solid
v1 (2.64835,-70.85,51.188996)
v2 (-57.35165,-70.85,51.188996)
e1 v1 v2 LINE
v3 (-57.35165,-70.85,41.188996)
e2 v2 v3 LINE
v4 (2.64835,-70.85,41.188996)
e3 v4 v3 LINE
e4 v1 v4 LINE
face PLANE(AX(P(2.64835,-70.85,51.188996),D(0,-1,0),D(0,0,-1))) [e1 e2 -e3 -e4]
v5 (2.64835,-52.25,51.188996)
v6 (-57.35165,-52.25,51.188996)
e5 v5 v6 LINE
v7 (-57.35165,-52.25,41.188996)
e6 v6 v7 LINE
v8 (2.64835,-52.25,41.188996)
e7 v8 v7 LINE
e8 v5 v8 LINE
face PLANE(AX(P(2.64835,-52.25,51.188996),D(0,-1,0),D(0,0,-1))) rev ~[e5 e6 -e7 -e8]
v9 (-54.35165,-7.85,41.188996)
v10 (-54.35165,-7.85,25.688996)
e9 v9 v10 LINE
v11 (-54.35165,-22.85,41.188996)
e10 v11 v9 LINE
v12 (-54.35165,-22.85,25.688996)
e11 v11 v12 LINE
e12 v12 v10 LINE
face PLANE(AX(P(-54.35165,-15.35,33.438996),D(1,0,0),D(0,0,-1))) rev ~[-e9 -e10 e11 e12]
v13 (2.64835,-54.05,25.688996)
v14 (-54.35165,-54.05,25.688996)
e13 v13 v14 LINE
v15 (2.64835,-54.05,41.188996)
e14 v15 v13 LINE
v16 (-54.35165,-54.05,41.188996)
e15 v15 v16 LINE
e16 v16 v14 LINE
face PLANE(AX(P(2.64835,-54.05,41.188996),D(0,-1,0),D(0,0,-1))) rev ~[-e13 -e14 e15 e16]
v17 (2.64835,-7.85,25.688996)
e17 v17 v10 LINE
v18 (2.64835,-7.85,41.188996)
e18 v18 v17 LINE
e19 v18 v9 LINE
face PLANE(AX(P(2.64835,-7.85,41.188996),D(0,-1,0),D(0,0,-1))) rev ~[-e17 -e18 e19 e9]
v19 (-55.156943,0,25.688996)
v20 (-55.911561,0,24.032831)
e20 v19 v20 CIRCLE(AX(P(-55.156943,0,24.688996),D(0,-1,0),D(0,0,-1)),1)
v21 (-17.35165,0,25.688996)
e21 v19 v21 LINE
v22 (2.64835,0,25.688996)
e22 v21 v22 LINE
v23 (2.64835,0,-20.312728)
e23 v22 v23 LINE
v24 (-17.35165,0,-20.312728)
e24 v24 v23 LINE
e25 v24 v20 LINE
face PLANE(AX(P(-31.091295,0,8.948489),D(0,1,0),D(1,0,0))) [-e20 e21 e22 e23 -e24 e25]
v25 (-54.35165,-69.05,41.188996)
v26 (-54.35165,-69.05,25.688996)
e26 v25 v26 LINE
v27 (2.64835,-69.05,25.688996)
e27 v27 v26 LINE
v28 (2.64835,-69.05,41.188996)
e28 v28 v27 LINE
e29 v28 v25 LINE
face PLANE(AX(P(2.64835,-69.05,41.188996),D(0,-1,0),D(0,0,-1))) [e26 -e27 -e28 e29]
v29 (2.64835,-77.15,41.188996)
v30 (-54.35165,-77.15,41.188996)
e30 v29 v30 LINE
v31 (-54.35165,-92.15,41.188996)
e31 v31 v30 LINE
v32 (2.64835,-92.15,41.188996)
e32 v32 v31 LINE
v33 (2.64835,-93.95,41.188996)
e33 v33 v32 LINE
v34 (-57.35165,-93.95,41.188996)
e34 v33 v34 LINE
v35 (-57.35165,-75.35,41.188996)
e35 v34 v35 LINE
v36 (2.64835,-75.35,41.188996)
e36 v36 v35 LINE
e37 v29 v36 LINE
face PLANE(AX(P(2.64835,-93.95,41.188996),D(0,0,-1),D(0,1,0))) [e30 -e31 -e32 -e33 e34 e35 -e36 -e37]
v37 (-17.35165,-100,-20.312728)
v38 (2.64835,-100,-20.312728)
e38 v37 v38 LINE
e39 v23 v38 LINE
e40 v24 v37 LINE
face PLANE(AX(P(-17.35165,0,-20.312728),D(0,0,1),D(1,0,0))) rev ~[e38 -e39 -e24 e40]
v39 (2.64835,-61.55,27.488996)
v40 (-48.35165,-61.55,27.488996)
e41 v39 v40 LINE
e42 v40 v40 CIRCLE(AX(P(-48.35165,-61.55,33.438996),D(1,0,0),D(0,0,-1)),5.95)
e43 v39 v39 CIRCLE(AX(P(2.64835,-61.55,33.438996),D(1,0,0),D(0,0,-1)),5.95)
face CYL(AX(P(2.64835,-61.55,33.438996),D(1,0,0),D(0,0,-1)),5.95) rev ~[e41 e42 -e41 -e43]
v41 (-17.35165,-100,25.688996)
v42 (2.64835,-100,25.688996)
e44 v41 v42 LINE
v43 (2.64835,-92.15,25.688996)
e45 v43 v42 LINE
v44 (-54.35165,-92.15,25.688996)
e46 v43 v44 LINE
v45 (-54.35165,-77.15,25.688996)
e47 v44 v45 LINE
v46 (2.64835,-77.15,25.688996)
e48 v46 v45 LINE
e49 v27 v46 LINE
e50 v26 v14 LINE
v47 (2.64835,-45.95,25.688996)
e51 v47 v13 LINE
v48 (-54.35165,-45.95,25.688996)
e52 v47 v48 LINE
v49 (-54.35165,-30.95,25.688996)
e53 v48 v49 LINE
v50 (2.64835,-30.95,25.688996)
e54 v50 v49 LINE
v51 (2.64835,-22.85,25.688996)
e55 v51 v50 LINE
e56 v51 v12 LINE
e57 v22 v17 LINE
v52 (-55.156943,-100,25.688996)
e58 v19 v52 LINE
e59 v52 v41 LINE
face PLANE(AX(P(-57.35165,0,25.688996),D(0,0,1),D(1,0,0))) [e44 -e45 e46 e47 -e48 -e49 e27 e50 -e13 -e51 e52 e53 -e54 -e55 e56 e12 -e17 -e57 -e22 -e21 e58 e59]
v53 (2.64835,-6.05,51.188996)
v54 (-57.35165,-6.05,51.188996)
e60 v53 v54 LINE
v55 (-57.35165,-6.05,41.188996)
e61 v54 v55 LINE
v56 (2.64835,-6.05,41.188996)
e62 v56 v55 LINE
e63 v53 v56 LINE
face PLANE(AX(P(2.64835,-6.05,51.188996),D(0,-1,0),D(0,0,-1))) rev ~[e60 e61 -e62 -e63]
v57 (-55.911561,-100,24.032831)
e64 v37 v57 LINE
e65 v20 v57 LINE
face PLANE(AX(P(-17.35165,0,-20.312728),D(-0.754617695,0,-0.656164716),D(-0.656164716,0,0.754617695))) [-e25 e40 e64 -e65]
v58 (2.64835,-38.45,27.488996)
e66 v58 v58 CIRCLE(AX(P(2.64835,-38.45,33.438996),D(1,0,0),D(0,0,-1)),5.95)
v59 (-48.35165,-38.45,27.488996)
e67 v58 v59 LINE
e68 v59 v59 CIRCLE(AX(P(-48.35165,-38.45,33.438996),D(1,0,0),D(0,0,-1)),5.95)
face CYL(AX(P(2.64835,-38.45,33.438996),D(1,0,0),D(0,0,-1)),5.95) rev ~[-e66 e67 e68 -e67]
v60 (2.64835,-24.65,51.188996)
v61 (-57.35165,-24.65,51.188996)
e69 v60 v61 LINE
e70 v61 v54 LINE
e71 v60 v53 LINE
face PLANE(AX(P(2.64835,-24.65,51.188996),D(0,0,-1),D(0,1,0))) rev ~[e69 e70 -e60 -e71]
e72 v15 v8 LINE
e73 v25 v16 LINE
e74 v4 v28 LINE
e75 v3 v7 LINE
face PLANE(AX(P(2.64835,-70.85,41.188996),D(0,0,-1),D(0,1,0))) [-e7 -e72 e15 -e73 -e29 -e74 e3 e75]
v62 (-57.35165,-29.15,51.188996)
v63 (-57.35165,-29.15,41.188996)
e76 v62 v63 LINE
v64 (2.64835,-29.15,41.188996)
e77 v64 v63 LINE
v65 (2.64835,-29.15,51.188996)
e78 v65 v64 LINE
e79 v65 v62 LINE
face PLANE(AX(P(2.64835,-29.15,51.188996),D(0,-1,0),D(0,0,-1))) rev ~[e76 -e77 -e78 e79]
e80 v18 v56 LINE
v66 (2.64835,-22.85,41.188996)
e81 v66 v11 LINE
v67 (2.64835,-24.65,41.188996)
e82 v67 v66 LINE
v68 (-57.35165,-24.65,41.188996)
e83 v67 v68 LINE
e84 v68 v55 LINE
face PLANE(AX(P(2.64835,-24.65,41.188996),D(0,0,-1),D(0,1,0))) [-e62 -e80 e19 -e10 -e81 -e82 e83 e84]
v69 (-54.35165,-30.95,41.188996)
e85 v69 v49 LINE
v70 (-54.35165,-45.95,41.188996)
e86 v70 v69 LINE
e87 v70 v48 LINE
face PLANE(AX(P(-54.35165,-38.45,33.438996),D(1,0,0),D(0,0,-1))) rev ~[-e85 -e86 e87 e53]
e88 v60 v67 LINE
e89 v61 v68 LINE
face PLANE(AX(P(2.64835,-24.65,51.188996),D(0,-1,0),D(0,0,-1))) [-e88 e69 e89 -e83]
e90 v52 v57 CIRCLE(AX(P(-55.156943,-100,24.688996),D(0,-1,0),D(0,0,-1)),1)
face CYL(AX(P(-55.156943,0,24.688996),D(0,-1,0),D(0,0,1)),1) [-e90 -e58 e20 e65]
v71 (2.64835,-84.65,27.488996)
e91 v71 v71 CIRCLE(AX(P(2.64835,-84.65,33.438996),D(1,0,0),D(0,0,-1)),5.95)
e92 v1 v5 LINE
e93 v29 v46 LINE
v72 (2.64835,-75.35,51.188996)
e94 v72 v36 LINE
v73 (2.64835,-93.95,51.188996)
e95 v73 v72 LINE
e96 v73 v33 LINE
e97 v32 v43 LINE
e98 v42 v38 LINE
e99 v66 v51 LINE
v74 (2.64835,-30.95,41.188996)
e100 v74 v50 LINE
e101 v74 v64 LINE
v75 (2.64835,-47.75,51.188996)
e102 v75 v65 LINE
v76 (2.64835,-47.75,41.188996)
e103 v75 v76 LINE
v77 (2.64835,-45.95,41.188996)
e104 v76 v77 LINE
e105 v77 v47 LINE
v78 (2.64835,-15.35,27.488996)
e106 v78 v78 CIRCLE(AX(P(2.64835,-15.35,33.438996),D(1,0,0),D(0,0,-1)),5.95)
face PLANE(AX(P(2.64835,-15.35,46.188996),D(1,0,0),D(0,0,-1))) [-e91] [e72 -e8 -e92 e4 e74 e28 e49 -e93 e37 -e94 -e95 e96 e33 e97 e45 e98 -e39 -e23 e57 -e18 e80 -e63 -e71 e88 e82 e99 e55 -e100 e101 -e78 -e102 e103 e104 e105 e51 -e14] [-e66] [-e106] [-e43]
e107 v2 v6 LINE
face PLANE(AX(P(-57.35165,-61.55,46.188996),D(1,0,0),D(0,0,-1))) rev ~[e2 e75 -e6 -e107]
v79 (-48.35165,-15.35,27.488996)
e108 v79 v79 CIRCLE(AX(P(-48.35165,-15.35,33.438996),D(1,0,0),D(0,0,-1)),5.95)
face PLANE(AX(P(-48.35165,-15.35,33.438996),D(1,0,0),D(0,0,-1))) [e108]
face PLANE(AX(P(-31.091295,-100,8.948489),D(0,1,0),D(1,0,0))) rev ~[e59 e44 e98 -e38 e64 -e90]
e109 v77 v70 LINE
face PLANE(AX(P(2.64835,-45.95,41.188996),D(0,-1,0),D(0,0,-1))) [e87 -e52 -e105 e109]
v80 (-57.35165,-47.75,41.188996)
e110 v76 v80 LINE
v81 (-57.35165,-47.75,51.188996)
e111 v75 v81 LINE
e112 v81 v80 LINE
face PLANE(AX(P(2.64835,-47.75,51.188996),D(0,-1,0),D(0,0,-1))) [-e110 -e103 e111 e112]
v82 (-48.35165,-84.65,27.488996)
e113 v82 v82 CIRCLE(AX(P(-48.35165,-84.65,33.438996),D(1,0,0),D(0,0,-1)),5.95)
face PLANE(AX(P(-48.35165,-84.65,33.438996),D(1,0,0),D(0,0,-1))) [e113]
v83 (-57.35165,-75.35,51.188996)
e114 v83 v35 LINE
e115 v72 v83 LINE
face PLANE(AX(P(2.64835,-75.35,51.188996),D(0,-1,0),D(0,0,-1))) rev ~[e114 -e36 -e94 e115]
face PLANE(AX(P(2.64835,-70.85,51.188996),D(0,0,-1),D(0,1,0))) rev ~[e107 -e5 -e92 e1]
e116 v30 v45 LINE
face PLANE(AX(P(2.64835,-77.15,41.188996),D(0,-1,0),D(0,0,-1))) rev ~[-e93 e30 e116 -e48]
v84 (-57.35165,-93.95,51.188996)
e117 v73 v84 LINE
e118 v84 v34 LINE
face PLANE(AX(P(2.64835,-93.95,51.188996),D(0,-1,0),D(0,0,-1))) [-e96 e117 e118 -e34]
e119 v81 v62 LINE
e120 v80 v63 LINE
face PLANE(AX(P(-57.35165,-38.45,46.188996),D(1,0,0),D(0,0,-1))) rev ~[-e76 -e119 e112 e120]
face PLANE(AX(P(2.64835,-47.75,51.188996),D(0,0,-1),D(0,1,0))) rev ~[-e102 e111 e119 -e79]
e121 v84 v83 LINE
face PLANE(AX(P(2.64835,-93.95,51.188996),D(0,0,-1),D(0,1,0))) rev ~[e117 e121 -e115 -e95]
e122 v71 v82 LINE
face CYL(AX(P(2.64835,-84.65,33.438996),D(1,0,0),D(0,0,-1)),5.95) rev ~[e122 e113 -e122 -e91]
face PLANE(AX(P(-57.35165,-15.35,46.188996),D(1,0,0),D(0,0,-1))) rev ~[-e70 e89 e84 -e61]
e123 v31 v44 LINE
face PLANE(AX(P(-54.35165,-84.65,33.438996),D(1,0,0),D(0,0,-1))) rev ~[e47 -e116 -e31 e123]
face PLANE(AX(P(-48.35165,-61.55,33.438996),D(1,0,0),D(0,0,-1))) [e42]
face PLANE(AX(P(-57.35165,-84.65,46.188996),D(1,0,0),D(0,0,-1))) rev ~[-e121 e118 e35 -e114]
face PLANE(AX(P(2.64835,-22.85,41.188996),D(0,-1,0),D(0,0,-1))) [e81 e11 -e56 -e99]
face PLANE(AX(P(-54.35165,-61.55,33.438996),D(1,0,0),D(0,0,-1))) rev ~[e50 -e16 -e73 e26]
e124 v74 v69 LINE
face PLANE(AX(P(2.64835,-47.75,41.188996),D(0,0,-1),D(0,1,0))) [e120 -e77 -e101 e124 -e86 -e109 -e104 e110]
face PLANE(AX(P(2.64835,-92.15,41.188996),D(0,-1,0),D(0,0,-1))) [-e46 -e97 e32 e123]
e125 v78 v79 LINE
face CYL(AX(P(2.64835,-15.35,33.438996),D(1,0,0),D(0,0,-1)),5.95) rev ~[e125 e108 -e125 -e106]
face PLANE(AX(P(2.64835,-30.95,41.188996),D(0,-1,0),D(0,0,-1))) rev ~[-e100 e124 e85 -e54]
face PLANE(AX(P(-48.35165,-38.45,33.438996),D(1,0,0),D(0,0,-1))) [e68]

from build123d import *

# Parameters (mm, degrees)
SKETCH1_W           = 20
SKETCH1_H           = 46.001723395
BOSS_EXTRUDE1_DEPTH = 100
SKETCH8_W           = 15.5
SKETCH8_H           = 15
BOSS_EXTRUDE2_DEPTH = 57
SKETCH10_R          = 5.95
CUT_EXTRUDE1_DEPTH  = 51
SKETCH11_W          = 10
SKETCH11_H          = 18.6
BOSS_EXTRUDE3_DEPTH = 60
FILLET2_R           = 1


with BuildPart() as part:
    # Sketch1 → Boss-Extrude1 (new body)
    with BuildSketch(Plane(origin=(0, 0, 0), x_dir=(1, 0, 0), z_dir=(0, 1, 0))):
        Polygon((-17.351649908, 20.312727502), (-57.351649908, -25.688995893), (-17.351649908, -25.688995893), align=None)
        with Locations((-7.351649908, -2.688134195)):
            Rectangle(SKETCH1_W, SKETCH1_H)
    extrude(amount=-BOSS_EXTRUDE1_DEPTH)

    # Sketch8 → Boss-Extrude2 (add)
    with BuildSketch(Plane(origin=(2.648350092, 0, 0), x_dir=(0, 0, -1), z_dir=(1, 0, 0))):
        with Locations((-33.438995893, -15.35)):
            Rectangle(SKETCH8_W, SKETCH8_H)
        with Locations((-33.438995893, -38.45)):
            Rectangle(SKETCH8_W, SKETCH8_H)
        with Locations((-33.438995893, -61.55)):
            Rectangle(SKETCH8_W, SKETCH8_H)
        with Locations((-33.438995893, -84.65)):
            Rectangle(SKETCH8_W, SKETCH8_H)
    extrude(amount=-BOSS_EXTRUDE2_DEPTH)

    # Sketch10 → Cut-Extrude1 (cut)
    with BuildSketch(Plane(origin=(2.648350092, 0, 0), x_dir=(0, 0, -1), z_dir=(1, 0, 0))):
        with Locations((-33.438995893, -15.35)):
            Circle(SKETCH10_R)
        with Locations((-33.438995893, -38.45)):
            Circle(SKETCH10_R)
        with Locations((-33.438995893, -61.55)):
            Circle(SKETCH10_R)
        with Locations((-33.438995893, -84.65)):
            Circle(SKETCH10_R)
    extrude(amount=-CUT_EXTRUDE1_DEPTH, mode=Mode.SUBTRACT)

    # Sketch11 → Boss-Extrude3 (add)
    with BuildSketch(Plane(origin=(2.648350092, 0, 0), x_dir=(0, 0, -1), z_dir=(1, 0, 0))):
        with Locations((-46.188995893, -15.35)):
            Rectangle(SKETCH11_W, SKETCH11_H)
        with Locations((-46.188995893, -38.45)):
            Rectangle(SKETCH11_W, SKETCH11_H)
        with Locations((-46.188995893, -84.65)):
            Rectangle(SKETCH11_W, SKETCH11_H)
        with Locations((-46.188995893, -61.55)):
            Rectangle(SKETCH11_W, SKETCH11_H)
    extrude(amount=-BOSS_EXTRUDE3_DEPTH)

    # Fillet2
    fillet2_edges = [part.edges().sort_by_distance(p)[0] for p in [
        (-57.351649908, -50, 25.688995893),
    ]]
    fillet(fillet2_edges, radius=FILLET2_R)


solid = part.part
